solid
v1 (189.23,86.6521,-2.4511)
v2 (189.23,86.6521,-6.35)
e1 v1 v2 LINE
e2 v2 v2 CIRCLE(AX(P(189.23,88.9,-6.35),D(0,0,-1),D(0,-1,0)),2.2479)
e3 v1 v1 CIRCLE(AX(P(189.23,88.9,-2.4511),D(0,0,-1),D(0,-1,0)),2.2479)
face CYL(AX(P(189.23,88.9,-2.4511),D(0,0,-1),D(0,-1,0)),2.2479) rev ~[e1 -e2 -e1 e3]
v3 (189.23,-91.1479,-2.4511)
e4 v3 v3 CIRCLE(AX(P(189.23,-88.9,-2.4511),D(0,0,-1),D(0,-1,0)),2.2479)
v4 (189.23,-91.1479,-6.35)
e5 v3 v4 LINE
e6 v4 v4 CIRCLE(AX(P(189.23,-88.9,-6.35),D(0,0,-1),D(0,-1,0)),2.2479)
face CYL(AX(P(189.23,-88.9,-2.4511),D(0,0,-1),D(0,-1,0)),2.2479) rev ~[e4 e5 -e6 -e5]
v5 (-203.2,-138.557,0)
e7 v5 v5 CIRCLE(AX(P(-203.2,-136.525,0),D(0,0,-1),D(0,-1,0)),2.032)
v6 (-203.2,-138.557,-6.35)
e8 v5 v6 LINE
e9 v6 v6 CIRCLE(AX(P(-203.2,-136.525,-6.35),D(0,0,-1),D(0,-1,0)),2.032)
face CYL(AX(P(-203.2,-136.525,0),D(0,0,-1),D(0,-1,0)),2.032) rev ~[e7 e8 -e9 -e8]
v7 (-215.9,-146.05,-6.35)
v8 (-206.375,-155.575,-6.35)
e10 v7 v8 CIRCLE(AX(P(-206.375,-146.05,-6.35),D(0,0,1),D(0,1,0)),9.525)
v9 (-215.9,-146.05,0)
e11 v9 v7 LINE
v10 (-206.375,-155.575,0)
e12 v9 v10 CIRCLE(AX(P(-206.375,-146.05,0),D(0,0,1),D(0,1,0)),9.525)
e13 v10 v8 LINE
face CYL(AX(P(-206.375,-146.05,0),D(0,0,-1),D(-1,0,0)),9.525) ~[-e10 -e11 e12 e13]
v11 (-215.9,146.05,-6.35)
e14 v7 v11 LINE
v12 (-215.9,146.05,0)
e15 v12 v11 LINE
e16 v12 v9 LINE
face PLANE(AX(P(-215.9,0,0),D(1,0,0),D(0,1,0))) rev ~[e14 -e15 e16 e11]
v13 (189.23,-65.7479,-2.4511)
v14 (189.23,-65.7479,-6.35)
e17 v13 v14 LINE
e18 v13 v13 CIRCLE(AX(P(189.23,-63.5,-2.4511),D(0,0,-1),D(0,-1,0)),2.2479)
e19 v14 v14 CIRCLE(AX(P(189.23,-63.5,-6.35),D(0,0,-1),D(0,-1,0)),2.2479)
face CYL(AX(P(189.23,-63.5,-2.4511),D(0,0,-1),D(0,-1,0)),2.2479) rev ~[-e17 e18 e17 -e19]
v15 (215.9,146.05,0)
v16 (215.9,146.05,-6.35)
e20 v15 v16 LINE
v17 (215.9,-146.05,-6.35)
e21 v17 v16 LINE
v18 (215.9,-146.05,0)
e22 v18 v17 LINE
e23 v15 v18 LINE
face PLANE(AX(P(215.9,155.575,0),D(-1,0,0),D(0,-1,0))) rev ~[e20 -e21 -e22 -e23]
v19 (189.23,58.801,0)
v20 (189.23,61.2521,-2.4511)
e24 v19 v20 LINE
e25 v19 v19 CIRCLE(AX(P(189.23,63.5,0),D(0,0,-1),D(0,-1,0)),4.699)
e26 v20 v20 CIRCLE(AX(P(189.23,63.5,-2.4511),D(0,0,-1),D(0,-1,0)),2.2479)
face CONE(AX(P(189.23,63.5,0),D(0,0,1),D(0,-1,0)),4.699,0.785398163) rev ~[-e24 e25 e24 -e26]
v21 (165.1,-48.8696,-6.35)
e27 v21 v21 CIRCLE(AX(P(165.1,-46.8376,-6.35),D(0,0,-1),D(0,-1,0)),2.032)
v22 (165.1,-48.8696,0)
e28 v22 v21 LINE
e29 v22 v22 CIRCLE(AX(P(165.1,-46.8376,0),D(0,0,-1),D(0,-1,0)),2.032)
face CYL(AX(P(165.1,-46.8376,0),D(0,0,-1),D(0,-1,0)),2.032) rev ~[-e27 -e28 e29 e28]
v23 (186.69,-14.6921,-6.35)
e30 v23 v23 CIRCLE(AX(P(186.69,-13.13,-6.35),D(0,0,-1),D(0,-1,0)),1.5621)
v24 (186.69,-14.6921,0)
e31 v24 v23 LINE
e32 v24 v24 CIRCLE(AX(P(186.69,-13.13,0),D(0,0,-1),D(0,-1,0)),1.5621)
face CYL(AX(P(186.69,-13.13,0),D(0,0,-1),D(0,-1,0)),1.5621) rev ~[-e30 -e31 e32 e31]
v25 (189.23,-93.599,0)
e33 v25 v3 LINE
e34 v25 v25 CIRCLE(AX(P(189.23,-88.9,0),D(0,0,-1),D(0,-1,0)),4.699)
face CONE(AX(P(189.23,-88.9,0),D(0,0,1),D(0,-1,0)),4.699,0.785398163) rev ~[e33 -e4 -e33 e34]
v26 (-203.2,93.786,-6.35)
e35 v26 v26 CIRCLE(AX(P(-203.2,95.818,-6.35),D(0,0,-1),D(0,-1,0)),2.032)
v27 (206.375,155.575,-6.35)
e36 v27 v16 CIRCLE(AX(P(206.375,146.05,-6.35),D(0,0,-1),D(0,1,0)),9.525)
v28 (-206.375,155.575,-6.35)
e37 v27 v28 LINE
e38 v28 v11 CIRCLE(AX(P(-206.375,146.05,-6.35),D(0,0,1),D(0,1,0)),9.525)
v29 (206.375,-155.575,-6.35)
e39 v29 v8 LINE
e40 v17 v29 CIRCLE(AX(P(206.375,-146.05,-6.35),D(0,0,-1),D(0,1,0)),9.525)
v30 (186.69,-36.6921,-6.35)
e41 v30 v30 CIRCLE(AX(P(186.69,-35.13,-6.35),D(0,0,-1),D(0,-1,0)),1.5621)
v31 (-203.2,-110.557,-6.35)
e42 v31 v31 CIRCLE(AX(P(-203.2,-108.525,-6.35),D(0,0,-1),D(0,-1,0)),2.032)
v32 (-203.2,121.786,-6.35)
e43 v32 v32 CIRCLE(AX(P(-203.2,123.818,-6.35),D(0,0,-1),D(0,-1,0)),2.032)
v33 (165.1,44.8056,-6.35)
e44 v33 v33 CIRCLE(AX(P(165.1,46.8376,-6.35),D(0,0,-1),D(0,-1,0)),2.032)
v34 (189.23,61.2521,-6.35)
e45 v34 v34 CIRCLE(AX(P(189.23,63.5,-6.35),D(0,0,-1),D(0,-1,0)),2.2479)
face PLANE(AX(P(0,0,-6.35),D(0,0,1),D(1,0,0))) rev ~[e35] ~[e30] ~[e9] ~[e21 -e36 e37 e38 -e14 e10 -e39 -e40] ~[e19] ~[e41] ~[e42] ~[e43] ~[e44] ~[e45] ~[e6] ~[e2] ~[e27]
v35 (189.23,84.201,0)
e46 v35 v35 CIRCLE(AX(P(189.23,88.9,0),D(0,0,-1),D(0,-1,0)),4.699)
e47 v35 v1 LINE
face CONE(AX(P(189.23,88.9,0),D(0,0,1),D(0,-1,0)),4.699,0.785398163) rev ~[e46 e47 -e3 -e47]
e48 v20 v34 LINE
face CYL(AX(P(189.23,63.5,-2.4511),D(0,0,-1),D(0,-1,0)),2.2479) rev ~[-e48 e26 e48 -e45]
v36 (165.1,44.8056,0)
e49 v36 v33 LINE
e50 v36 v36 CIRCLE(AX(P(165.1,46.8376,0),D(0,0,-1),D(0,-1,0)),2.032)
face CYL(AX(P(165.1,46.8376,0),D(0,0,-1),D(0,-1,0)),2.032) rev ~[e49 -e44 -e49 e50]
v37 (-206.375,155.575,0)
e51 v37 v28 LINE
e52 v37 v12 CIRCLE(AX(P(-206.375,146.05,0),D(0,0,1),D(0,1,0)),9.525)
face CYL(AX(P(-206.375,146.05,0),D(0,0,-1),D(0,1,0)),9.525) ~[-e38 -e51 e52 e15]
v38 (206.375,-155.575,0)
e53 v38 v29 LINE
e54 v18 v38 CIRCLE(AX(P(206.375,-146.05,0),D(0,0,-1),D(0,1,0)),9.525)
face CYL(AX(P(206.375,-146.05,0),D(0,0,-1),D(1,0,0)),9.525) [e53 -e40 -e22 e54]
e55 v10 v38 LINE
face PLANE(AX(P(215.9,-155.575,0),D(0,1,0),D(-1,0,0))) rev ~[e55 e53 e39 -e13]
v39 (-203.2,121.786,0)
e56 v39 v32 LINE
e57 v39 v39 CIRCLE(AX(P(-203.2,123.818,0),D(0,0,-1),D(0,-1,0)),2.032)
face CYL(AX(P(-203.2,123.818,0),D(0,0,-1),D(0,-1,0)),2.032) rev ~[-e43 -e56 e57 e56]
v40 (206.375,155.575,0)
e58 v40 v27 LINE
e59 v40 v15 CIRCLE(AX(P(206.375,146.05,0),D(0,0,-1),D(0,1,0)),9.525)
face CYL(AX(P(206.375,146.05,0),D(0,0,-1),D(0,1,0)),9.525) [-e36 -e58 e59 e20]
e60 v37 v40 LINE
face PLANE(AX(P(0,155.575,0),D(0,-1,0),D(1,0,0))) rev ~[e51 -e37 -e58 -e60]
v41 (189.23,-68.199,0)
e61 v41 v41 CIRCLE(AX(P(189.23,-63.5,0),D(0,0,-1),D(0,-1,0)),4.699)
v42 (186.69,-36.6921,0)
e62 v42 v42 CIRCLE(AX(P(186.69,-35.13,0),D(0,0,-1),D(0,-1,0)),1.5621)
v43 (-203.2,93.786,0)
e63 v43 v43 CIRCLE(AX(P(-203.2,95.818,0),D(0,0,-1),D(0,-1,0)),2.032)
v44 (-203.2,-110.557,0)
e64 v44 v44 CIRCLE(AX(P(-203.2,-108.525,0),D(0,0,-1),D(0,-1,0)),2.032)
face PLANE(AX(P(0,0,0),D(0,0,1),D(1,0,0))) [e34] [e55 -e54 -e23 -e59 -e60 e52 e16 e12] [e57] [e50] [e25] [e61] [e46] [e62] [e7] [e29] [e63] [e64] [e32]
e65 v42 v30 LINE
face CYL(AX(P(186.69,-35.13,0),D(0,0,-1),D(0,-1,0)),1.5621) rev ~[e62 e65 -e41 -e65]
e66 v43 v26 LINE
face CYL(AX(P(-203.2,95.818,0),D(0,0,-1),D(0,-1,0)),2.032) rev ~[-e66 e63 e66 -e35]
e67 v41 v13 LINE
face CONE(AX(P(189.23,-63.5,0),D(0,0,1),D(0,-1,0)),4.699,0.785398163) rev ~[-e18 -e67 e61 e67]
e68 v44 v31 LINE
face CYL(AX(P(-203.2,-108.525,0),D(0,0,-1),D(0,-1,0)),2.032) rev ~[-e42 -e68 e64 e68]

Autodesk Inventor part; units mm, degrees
ref_plane "YZ Plane" through (0, 0, 0) normal (1, 0, 0) x (0, 1, 0)
ref_plane "XZ Plane" through (0, 0, 0) normal (0, 1, 0) x (-1, 0, 0)
ref_plane "XY Plane" through (0, 0, 0) normal (0, 0, 1) x (1, 0, 0)
sketch "Sketch1" plane through (0, 0, 0) normal (0, 0, 1) x (1, 0, 0)
  line L0 (0, 217.805) -> (0, -217.805) projected
  line L1 (-302.26, 0) -> (302.26, 0) projected
  line L2 (215.9, -155.575) -> (-215.9, -155.575)
  line L3 (-215.9, -155.575) -> (-215.9, 155.575)
  line L4 (-215.9, 155.575) -> (215.9, 155.575)
  line L5 (215.9, 155.575) -> (215.9, -155.575)
  line L6 (215.9, -155.575) -> (-215.9, 155.575) construction
  line L7 (-215.9, -155.575) -> (215.9, 155.575) construction
  line L8 (186.69, -13.13) -> (186.69, -35.13) construction
  line L9 (189.23, 88.9) -> (189.23, 63.5) construction
  line L10 (189.23, -63.5) -> (189.23, -88.9) construction
  point P0 (0, 0)
  point P1 (-203.2, 123.818)
  point P2 (-203.2, 95.818)
  point P3 (-203.2, -108.525)
  point P4 (-203.2, -136.525)
  point P5 (165.1, 46.8376)
  point P6 (165.1, -46.8376)
  point P7 (186.69, -24.13)
  point P8 (189.23, -76.2)
  point P9 (189.23, 76.2)
  dimension "d0" = 311.15
  dimension "d1" = 431.8
  dimension "d2" = 28
  dimension "d3" = 28
  dimension "d4" = 203.2
  dimension "d16" = 204.343
  dimension "d17" = 19.05
  dimension "d18" = 31.757
  dimension "d19" = 93.6752
  dimension "d20" = 46.8376
  dimension "d21" = 165.1
  dimension "d29" = 22
  dimension "d31" = 186.69
  dimension "d44" = 25.4
  dimension "d45" = 25.4
  dimension "d46" = 24.13
  dimension "d47" = 76.2
  dimension "d48" = 76.2
  dimension "d57" = 189.23
extrude "Extrusion1" add sketch "Sketch1" against normal blind 6.35
hole "Hole1-Tap M5" at (-203.2, 123.818, 0) at (-203.2, 95.818, 0) at (-203.2, -108.525, 0) at (-203.2, -136.525, 0) direction (0, 0, -1) diameter 4.064 end through all
hole "Hole2-Tap M5" at (165.1, 46.8376, 0) at (165.1, -46.8376, 0) direction (0, 0, -1) diameter 4.064 end through all
hole "Hole3-Tap M4" at (186.69, -13.13, 0) at (186.69, -35.13, 0) direction (0, 0, -1) diameter 3.1242 end through all
fillet "Fillet1" radius 9.525 4 edges at (-215.9, 155.575, -3.175) (215.9, 155.575, -3.175) (215.9, -155.575, -3.175) (-215.9, -155.575, -3.175)
hole "Hole4 CSINK M4" at (189.23, -88.9, 0) at (189.23, 88.9, 0) at (189.23, 63.5, 0) at (189.23, -63.5, 0) direction (0, 0, -1) diameter 4.4958 end through all countersink diameter 9.398 countersink angle 90 clearance for "Flat Head Machine Screw" size "M4" standard "Ansi Metric M Profile"
equation "\"d20\" = 0.5 * d19"
properties material "ACRYLIC, CLEAR"
